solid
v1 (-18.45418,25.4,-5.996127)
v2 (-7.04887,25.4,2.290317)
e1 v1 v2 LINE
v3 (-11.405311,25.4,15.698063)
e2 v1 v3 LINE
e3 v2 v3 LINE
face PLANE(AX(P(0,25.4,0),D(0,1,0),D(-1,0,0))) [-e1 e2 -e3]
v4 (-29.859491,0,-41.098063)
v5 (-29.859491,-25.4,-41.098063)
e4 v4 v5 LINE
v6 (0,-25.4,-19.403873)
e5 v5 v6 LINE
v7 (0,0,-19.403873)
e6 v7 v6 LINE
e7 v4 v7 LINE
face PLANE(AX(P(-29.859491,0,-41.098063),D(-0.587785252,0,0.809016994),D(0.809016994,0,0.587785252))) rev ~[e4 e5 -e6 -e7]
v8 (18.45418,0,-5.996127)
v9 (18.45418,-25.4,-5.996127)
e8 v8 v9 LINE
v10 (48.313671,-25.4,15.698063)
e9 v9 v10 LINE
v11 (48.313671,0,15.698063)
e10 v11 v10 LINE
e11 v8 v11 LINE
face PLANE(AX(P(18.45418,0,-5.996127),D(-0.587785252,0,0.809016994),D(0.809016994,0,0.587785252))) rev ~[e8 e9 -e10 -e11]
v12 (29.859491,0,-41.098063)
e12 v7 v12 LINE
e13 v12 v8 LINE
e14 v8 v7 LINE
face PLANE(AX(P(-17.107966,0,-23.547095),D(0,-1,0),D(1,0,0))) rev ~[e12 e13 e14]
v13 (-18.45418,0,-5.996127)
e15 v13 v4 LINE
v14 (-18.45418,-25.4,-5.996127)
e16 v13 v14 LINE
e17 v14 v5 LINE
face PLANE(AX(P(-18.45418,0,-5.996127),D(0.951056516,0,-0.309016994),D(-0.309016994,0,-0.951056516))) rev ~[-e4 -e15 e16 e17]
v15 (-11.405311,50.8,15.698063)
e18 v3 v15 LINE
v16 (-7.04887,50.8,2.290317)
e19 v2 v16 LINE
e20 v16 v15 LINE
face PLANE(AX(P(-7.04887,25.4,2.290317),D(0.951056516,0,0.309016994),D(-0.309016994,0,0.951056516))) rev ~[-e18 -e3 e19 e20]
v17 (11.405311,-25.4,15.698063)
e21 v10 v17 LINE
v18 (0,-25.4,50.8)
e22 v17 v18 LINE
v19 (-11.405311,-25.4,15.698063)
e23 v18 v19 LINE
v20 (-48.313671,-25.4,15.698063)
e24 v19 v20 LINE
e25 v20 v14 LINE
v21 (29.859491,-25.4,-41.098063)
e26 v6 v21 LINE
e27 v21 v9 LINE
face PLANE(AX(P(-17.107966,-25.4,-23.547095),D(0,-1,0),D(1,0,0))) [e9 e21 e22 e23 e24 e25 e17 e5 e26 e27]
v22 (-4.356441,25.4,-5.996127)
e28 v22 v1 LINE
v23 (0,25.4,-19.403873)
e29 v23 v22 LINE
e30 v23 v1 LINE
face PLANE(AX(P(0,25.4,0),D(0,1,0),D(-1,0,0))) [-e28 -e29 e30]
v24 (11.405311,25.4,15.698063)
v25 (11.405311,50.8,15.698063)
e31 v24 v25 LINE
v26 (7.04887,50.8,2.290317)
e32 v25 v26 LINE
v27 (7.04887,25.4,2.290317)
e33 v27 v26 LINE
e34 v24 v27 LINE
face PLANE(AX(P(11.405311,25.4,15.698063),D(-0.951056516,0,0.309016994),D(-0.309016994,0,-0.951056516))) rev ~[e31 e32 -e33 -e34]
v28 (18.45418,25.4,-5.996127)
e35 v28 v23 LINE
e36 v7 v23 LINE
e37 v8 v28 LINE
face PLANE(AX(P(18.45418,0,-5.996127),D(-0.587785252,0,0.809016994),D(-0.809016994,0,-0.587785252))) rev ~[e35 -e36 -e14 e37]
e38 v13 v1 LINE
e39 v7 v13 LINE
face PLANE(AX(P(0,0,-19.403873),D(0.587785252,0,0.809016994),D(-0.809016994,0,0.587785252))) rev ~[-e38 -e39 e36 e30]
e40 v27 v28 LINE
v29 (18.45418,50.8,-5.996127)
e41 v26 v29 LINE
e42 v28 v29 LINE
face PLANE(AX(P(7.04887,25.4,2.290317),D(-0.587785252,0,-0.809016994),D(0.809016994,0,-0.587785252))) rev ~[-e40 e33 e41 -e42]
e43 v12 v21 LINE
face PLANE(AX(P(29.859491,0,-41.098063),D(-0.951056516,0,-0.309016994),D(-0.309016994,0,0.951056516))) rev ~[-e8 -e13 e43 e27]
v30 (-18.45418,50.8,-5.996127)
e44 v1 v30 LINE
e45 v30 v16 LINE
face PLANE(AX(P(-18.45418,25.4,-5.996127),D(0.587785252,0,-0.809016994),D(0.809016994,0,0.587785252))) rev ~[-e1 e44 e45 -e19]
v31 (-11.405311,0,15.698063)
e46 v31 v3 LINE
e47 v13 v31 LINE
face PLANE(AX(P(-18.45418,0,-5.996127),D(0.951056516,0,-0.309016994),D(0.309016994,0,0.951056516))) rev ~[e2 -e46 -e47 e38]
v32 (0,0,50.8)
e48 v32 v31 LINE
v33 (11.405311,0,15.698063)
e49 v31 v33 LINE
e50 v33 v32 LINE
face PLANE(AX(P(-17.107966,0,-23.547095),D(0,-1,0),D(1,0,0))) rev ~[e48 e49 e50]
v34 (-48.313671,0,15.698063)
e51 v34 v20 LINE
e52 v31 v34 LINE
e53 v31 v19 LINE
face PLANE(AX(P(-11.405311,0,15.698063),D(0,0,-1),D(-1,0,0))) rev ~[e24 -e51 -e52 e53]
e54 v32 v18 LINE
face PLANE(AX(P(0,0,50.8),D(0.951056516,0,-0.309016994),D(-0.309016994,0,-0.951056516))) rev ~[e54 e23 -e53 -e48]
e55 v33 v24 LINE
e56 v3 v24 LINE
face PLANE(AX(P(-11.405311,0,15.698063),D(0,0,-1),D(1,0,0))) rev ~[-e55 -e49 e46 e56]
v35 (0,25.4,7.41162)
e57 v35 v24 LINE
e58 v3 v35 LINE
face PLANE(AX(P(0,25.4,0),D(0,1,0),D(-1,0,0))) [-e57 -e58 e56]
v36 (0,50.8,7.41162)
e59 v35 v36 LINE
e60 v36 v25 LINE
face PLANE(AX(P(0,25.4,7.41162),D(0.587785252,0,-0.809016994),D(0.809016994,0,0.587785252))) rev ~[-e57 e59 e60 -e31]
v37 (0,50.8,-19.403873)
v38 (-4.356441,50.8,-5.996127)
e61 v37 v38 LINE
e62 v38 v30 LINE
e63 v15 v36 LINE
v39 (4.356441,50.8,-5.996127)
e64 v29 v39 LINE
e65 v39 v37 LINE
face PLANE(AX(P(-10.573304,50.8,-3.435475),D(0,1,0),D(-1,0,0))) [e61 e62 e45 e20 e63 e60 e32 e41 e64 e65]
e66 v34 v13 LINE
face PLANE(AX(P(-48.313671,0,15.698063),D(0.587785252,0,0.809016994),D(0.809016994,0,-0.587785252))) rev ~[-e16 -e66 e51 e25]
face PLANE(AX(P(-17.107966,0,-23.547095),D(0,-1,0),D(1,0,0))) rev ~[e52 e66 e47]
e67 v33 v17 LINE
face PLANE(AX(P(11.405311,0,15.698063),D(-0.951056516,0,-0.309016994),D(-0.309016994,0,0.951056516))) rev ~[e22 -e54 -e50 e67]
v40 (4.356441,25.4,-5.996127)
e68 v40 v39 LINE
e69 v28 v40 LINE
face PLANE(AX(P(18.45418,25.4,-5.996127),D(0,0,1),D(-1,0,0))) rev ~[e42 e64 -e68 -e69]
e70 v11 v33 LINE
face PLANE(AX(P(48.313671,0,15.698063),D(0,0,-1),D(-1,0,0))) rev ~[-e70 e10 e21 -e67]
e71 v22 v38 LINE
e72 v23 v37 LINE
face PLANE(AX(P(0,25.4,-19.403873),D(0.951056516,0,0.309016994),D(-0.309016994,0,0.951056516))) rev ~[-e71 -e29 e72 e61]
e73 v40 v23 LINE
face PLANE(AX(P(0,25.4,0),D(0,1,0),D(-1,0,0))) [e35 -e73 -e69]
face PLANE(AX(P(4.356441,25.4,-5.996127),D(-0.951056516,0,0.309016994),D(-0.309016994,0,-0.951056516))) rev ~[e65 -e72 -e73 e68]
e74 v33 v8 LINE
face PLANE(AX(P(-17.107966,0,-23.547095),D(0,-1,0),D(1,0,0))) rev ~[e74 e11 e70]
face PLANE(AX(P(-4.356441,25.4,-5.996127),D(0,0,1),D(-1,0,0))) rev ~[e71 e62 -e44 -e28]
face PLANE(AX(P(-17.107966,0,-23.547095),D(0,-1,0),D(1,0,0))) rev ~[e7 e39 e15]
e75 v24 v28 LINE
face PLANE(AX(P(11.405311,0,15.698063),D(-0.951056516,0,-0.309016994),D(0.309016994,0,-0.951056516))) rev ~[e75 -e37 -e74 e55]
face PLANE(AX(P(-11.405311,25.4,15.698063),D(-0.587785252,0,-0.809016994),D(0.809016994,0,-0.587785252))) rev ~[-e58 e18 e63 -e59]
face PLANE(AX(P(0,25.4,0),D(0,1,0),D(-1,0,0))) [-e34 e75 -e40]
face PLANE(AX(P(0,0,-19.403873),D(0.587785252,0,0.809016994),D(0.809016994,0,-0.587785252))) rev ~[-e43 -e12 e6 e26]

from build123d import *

# Parameters (mm, degrees)
F1_DEPTH = 25.4
F3_DEPTH = 25.4
F5_DEPTH = 25.4


with BuildPart() as f1:
    # F0 (on Front) → F1 (new body)
    with BuildSketch(Plane.XZ):
        Polygon((-18.4541802113, -5.9961266285), (-29.8594908165, -41.0980633142), (0, -19.4038733715), align=None)
        Polygon((-11.4053106051, 15.6980633142), (-48.3136710278, 15.6980633142), (-18.4541802113, -5.9961266285), align=None)
        Polygon((18.4541802113, -5.9961266285), (11.4053106051, 15.6980633142), (-11.4053106051, 15.6980633142), (-18.4541802113, -5.9961266285), (0, -19.4038733715), align=None)
        Polygon((11.4053106051, 15.6980633142), (0, 50.8), (-11.4053106051, 15.6980633142), align=None)
        Polygon((18.4541802113, -5.9961266285), (48.3136710278, 15.6980633142), (11.4053106051, 15.6980633142), align=None)
        Polygon((0, -19.4038733715), (29.8594908165, -41.0980633142), (18.4541802113, -5.9961266285), align=None)
    extrude(amount=F1_DEPTH)

    # F2 (on face) → F3 (join)
    with BuildSketch(Plane(origin=(0, 0, 0), x_dir=(-1, 0, 0), z_dir=(0, 1, 0))):
        Polygon((-11.4053106051, 15.6980633142), (-18.4541802113, -5.9961266285), (0, -19.4038733715), (18.4541802113, -5.9961266285), (11.4053106051, 15.6980633142), align=None)
    extrude(amount=F3_DEPTH)

    # F4 (on face) → F5 (join)
    with BuildSketch(Plane(origin=(0, 25.4, 0), x_dir=(-1, 0, 0), z_dir=(0, 1, 0))):
        Polygon((7.0488696062, 2.2903165712), (4.3564409989, -5.9961266285), (18.4541802113, -5.9961266285), align=None)
        Polygon((11.4053106051, 15.6980633142), (0, 7.4116201145), (7.0488696062, 2.2903165712), align=None)
        Polygon((0, 7.4116201145), (-7.0488696062, 2.2903165712), (-4.3564409989, -5.9961266285), (4.3564409989, -5.9961266285), (7.0488696062, 2.2903165712), align=None)
        Polygon((-11.4053106051, 15.6980633142), (-7.0488696062, 2.2903165712), (0, 7.4116201145), align=None)
        Polygon((-7.0488696062, 2.2903165712), (-18.4541802113, -5.9961266285), (-4.3564409989, -5.9961266285), align=None)
        Polygon((4.3564409989, -5.9961266285), (-4.3564409989, -5.9961266285), (0, -19.4038733715), align=None)
    extrude(amount=F5_DEPTH)


solid = f1.part
